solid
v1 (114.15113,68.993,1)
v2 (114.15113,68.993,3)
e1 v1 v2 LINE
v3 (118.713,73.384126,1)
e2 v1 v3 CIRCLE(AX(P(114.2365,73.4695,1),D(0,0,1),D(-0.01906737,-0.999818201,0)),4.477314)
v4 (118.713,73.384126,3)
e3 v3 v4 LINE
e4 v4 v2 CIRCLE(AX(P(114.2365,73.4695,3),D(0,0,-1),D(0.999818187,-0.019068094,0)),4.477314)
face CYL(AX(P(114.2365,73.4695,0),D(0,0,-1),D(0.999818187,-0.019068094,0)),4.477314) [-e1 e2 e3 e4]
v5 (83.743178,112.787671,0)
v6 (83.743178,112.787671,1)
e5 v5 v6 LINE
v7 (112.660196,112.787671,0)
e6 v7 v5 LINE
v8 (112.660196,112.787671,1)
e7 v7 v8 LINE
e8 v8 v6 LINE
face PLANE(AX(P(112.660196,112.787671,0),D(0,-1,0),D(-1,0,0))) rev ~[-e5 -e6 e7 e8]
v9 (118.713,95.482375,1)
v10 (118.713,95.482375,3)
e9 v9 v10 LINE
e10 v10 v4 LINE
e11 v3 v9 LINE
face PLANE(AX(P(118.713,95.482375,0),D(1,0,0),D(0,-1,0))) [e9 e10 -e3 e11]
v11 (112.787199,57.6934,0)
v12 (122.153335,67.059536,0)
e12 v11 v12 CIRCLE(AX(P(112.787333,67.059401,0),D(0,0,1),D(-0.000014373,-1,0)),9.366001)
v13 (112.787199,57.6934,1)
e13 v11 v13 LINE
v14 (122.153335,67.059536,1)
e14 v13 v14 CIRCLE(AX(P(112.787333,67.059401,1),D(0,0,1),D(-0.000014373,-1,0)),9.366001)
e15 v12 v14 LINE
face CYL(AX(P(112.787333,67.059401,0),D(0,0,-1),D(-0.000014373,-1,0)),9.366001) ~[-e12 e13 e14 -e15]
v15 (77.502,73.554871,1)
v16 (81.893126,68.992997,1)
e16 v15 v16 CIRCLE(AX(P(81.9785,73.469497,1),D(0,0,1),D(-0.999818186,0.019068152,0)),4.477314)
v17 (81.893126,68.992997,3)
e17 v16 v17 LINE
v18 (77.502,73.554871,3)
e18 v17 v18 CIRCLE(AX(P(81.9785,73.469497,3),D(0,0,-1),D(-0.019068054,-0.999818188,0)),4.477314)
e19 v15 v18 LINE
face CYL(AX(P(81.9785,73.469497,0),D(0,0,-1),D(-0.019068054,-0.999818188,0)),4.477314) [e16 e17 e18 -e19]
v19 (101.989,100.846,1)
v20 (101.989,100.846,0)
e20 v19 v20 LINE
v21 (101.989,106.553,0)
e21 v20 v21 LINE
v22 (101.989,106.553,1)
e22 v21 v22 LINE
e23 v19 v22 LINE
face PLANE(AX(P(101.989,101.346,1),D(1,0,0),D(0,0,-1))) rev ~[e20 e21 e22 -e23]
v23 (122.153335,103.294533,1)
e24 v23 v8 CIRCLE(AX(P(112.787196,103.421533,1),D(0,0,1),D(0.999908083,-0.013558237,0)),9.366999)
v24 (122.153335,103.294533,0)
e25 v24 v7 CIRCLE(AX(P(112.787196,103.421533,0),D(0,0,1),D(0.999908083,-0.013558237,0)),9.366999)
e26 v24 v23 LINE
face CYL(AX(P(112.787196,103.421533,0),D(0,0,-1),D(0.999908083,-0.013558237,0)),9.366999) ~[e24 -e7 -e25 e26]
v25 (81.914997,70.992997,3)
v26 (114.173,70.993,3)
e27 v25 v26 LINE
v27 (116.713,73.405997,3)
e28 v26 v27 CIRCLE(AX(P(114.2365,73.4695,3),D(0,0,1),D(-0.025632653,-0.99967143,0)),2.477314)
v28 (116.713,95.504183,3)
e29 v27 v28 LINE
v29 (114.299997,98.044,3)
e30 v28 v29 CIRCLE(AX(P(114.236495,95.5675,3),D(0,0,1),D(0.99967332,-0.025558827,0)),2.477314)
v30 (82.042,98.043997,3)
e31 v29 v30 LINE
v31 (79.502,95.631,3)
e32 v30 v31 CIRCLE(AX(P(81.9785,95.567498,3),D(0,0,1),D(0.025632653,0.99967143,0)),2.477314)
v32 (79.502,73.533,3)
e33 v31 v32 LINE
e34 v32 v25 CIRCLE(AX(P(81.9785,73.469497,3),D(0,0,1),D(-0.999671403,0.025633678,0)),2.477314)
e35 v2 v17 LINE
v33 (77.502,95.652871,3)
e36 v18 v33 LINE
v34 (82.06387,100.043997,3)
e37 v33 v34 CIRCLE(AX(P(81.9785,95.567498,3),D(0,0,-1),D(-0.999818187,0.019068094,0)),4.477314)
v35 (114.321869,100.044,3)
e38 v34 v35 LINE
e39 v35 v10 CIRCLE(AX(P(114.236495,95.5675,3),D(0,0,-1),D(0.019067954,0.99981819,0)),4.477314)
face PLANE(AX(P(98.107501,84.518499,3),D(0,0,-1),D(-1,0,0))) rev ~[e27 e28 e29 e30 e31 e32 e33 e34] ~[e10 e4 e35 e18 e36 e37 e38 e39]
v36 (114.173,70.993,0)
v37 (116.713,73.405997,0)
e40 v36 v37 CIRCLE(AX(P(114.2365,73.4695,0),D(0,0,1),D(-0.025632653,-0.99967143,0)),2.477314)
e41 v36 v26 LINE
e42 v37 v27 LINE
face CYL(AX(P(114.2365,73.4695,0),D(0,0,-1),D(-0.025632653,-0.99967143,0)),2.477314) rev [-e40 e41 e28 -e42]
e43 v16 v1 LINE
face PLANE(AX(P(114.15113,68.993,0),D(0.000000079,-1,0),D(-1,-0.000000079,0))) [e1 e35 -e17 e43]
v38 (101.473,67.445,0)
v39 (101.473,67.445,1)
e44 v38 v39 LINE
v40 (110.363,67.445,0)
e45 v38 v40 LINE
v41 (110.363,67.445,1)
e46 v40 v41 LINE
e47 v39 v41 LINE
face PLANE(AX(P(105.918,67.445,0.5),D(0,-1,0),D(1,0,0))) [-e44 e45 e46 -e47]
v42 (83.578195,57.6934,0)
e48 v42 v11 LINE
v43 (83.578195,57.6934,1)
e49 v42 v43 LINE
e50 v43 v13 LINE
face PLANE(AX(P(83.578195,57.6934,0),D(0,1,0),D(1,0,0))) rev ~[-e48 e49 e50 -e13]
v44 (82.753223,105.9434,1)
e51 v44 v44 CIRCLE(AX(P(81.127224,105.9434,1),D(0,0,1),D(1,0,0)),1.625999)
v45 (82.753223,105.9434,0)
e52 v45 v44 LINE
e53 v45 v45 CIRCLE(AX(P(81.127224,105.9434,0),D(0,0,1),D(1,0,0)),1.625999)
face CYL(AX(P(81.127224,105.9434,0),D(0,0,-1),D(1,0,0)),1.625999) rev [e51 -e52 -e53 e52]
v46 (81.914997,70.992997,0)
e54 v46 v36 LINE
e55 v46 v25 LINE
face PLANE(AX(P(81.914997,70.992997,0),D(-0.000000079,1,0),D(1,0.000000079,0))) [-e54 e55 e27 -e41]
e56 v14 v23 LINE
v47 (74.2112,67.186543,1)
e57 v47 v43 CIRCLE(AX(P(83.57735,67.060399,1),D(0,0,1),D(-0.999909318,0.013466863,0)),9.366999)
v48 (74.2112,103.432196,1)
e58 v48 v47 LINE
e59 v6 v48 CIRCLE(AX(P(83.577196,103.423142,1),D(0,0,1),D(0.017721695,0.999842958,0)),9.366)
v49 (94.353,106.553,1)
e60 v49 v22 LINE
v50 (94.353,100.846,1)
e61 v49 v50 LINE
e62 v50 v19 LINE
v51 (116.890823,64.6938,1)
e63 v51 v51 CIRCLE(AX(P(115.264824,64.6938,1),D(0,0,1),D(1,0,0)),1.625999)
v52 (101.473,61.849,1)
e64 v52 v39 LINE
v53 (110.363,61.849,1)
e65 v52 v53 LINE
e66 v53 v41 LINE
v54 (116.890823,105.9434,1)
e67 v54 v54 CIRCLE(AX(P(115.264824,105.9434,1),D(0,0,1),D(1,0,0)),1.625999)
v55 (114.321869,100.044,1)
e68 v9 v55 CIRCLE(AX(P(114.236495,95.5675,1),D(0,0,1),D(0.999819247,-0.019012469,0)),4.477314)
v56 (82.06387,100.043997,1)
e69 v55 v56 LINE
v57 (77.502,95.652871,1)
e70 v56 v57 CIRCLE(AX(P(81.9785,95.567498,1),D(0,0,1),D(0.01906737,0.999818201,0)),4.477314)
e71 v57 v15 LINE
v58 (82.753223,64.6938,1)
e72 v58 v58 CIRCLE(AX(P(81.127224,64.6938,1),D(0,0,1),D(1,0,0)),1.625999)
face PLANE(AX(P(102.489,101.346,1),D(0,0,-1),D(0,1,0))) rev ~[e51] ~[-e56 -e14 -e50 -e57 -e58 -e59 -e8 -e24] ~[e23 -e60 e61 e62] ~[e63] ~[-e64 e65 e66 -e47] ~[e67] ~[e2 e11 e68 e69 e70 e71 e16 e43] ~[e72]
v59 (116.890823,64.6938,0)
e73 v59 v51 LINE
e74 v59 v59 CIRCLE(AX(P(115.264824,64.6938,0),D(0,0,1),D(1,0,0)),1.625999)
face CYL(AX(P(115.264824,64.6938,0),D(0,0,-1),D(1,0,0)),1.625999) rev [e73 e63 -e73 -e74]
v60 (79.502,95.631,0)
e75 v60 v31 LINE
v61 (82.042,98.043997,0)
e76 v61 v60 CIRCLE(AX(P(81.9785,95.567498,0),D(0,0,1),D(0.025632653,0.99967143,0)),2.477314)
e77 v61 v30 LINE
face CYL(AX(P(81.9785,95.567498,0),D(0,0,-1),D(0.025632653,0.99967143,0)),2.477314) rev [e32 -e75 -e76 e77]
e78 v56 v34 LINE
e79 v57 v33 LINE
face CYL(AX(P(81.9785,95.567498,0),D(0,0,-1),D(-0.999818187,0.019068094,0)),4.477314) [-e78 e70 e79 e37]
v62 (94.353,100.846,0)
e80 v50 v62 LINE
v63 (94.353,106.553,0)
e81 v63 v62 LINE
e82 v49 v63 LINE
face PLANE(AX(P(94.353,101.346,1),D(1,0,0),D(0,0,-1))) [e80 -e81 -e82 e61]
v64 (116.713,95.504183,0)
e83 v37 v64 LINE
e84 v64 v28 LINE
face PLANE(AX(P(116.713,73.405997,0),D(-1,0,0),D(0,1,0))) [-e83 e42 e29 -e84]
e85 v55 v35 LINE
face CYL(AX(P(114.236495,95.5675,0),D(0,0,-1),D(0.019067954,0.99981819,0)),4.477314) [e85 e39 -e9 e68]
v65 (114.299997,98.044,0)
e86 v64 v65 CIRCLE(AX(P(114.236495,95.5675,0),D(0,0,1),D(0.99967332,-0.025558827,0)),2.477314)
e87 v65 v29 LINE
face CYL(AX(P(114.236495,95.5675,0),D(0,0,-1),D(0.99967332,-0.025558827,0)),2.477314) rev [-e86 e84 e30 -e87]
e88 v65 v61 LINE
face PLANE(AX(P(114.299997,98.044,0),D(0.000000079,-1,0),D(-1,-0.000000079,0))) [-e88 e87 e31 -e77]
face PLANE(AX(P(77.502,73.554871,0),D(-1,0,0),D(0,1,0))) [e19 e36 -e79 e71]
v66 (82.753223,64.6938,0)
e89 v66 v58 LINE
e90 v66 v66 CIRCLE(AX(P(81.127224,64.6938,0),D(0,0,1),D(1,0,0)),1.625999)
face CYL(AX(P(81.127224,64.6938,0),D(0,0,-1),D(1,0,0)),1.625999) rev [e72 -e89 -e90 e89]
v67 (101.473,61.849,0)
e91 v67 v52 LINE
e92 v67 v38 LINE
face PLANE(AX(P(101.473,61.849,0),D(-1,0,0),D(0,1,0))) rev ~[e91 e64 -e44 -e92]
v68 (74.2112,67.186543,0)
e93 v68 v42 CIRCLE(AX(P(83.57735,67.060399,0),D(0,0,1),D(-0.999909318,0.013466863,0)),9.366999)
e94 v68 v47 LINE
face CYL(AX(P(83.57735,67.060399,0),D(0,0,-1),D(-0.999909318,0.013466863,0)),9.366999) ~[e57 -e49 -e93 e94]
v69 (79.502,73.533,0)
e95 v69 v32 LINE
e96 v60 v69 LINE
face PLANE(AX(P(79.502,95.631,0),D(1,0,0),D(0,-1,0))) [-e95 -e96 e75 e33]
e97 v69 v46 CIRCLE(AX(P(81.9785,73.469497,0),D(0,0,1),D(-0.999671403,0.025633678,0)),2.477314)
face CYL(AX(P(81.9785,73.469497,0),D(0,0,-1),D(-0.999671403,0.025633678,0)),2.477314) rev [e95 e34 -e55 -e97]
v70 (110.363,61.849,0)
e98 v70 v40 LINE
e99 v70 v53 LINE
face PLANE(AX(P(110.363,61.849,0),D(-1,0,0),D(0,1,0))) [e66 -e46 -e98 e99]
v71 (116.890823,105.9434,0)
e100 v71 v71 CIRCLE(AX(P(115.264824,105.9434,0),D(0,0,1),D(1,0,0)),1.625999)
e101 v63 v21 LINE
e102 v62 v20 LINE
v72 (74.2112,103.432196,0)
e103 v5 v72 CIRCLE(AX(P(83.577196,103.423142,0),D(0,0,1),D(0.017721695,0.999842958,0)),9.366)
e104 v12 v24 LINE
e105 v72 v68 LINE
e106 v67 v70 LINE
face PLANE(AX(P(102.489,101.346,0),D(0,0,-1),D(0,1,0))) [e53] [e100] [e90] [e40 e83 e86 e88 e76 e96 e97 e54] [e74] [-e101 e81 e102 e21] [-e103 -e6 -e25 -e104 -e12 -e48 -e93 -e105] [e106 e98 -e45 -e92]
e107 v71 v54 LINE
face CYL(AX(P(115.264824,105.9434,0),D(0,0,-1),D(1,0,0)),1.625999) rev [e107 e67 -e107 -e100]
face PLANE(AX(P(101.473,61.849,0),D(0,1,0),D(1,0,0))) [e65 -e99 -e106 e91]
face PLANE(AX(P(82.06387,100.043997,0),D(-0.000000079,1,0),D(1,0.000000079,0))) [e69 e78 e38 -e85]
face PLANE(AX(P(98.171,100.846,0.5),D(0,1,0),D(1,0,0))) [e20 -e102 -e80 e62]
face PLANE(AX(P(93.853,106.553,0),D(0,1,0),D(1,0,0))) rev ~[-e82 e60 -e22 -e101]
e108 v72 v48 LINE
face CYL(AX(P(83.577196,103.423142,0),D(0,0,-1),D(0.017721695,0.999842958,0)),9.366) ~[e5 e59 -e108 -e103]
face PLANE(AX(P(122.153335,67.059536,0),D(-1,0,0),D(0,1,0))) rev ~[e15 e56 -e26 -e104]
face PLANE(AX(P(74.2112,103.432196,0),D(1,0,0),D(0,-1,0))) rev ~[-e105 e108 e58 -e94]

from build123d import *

# Parameters (mm, degrees)
MODEL_R             = 1.62599878
MODEL_W             = 8.89
MODEL_H             = 6.096
EXTRUDE_1_DEPTH     = 1
EXTRUDE_2_DEPTH     = 3
SKETCH_1_W          = 8.89
SKETCH_1_H          = 1
EXTRUDE_3_DEPTH     = 0.5
SKETCH_2_W          = 1
SKETCH_2_H          = 5.207
EXTRUDE_4_DEPTH     = 0.5
SKETCH_3_W          = 1
SKETCH_3_H          = 5.207
EXTRUDE_5_DEPTH     = 0.5
SKETCH_4_W          = 7.636
SKETCH_4_H          = 1
CUT_EXTRUDE_1_DEPTH = 0.5


with BuildPart() as part:
    # Model → 凸台-拉伸1 (new body)
    with BuildSketch(Plane.XY):
        with BuildLine():
            ThreePointArc((112.78719886, 57.69339998), (119.410096357, 60.436638183), (122.15333456, 67.05953568))
            Line((122.15333456, 67.05953568), (122.15333456, 103.29453306))
            ThreePointArc((122.15333456, 103.29453306), (119.410664993, 110.045001733), (112.66019632, 112.7876713))
            Line((112.66019632, 112.7876713), (83.7431777, 112.7876713))
            ThreePointArc((83.7431777, 112.7876713), (77.016609687, 110.107501601), (74.21120032, 103.43219598))
            Line((74.21120032, 103.43219598), (74.21120032, 67.1865433))
            ThreePointArc((74.21120032, 67.1865433), (76.909728462, 60.481379821), (83.57819454, 57.69339998))
            Line((83.57819454, 57.69339998), (112.78719886, 57.69339998))
        make_face()
        with Locations((81.12722408, 64.6938)):
            Circle(MODEL_R, mode=Mode.SUBTRACT)
        with BuildLine():
            ThreePointArc((81.893126204, 68.992997458), (78.752768, 70.36450237), (77.502, 73.554871436))
            Line((77.502, 73.554871436), (77.502, 95.652871369))
            ThreePointArc((77.502, 95.652871369), (78.87350371, 98.793228241), (82.063870472, 100.043997462))
            Line((82.063870472, 100.043997462), (114.321868602, 100.044000002))
            ThreePointArc((114.321868602, 100.044000002), (117.462140632, 98.672585067), (118.713, 95.482375327))
            Line((118.713, 95.482375327), (118.713, 73.384126091))
            ThreePointArc((118.713, 73.384126091), (117.34149629, 70.243769219), (114.151129528, 68.992999998))
            Line((114.151129528, 68.992999998), (81.893126204, 68.992997458))
        make_face(mode=Mode.SUBTRACT)
        with Locations((105.918, 64.897)):
            Rectangle(MODEL_W, MODEL_H, mode=Mode.SUBTRACT)
        with Locations((115.26482408, 64.6938)):
            Circle(MODEL_R, mode=Mode.SUBTRACT)
        with Locations((81.12722408, 105.9434)):
            Circle(MODEL_R, mode=Mode.SUBTRACT)
        Polygon((93.853, 101.346), (93.853, 106.553), (94.615, 106.553), (102.489, 106.553), (102.489, 101.346), align=None, mode=Mode.SUBTRACT)
        with Locations((115.26482408, 105.9434)):
            Circle(MODEL_R, mode=Mode.SUBTRACT)
    extrude(amount=EXTRUDE_1_DEPTH)

    # Model<3> → 凸台-拉伸2 (add)
    with BuildSketch(Plane.XY):
        with BuildLine():
            Line((77.502, 95.652871369), (77.502, 73.554871436))
            ThreePointArc((77.502, 73.554871436), (78.752768, 70.36450237), (81.893126204, 68.992997458))
            Line((81.893126204, 68.992997458), (114.151129528, 68.992999998))
            ThreePointArc((114.151129528, 68.992999998), (117.34149629, 70.243769219), (118.713, 73.384126091))
            Line((118.713, 73.384126091), (118.713, 95.482375327))
            ThreePointArc((118.713, 95.482375327), (117.462140632, 98.672585067), (114.321868602, 100.044000002))
            Line((114.321868602, 100.044000002), (82.063870472, 100.043997462))
            ThreePointArc((82.063870472, 100.043997462), (78.87350371, 98.793228241), (77.502, 95.652871369))
        make_face()
        with BuildLine():
            ThreePointArc((81.91499746, 70.99299746), (80.182446941, 71.763250556), (79.502, 73.533))
            Line((79.502, 73.533), (79.502, 95.631))
            ThreePointArc((79.502, 95.631), (80.272252197, 97.363549602), (82.042, 98.04399746))
            Line((82.042, 98.04399746), (114.29999746, 98.044))
            ThreePointArc((114.29999746, 98.044), (116.032484318, 97.273814255), (116.713, 95.50418288))
            Line((116.713, 95.50418288), (116.713, 73.40599746))
            ThreePointArc((116.713, 73.40599746), (115.942747803, 71.673447858), (114.173, 70.993))
            Line((114.173, 70.993), (81.91499746, 70.99299746))
        make_face(mode=Mode.SUBTRACT)
    extrude(amount=EXTRUDE_2_DEPTH)

    # 草图1 → 凸台-拉伸3 (add)
    with BuildSketch(Plane.XZ.offset(-67.945)):
        with Locations((105.918, 0.5)):
            Rectangle(SKETCH_1_W, SKETCH_1_H)
    extrude(amount=EXTRUDE_3_DEPTH)

    # 草图2 → 凸台-拉伸4 (add)
    with BuildSketch(Plane(origin=(93.853, 0, 0), x_dir=(0, 0, -1), z_dir=(1, 0, 0))):
        with Locations((-0.5, 103.9495)):
            Rectangle(SKETCH_2_W, SKETCH_2_H)
    extrude(amount=EXTRUDE_4_DEPTH)

    # 草图3 → 凸台-拉伸5 (add)
    with BuildSketch(Plane.ZY.offset(-102.489)):
        with Locations((0.5, 103.9495)):
            Rectangle(SKETCH_3_W, SKETCH_3_H)
    extrude(amount=EXTRUDE_5_DEPTH)

    # 草图4 → 切除-拉伸1 (cut)
    with BuildSketch(Plane(origin=(0, 101.346, 0), x_dir=(1, 0, 0), z_dir=(0, 1, 0))):
        with Locations((98.171, -0.5)):
            Rectangle(SKETCH_4_W, SKETCH_4_H)
    extrude(amount=-CUT_EXTRUDE_1_DEPTH, mode=Mode.SUBTRACT)


solid = part.part
